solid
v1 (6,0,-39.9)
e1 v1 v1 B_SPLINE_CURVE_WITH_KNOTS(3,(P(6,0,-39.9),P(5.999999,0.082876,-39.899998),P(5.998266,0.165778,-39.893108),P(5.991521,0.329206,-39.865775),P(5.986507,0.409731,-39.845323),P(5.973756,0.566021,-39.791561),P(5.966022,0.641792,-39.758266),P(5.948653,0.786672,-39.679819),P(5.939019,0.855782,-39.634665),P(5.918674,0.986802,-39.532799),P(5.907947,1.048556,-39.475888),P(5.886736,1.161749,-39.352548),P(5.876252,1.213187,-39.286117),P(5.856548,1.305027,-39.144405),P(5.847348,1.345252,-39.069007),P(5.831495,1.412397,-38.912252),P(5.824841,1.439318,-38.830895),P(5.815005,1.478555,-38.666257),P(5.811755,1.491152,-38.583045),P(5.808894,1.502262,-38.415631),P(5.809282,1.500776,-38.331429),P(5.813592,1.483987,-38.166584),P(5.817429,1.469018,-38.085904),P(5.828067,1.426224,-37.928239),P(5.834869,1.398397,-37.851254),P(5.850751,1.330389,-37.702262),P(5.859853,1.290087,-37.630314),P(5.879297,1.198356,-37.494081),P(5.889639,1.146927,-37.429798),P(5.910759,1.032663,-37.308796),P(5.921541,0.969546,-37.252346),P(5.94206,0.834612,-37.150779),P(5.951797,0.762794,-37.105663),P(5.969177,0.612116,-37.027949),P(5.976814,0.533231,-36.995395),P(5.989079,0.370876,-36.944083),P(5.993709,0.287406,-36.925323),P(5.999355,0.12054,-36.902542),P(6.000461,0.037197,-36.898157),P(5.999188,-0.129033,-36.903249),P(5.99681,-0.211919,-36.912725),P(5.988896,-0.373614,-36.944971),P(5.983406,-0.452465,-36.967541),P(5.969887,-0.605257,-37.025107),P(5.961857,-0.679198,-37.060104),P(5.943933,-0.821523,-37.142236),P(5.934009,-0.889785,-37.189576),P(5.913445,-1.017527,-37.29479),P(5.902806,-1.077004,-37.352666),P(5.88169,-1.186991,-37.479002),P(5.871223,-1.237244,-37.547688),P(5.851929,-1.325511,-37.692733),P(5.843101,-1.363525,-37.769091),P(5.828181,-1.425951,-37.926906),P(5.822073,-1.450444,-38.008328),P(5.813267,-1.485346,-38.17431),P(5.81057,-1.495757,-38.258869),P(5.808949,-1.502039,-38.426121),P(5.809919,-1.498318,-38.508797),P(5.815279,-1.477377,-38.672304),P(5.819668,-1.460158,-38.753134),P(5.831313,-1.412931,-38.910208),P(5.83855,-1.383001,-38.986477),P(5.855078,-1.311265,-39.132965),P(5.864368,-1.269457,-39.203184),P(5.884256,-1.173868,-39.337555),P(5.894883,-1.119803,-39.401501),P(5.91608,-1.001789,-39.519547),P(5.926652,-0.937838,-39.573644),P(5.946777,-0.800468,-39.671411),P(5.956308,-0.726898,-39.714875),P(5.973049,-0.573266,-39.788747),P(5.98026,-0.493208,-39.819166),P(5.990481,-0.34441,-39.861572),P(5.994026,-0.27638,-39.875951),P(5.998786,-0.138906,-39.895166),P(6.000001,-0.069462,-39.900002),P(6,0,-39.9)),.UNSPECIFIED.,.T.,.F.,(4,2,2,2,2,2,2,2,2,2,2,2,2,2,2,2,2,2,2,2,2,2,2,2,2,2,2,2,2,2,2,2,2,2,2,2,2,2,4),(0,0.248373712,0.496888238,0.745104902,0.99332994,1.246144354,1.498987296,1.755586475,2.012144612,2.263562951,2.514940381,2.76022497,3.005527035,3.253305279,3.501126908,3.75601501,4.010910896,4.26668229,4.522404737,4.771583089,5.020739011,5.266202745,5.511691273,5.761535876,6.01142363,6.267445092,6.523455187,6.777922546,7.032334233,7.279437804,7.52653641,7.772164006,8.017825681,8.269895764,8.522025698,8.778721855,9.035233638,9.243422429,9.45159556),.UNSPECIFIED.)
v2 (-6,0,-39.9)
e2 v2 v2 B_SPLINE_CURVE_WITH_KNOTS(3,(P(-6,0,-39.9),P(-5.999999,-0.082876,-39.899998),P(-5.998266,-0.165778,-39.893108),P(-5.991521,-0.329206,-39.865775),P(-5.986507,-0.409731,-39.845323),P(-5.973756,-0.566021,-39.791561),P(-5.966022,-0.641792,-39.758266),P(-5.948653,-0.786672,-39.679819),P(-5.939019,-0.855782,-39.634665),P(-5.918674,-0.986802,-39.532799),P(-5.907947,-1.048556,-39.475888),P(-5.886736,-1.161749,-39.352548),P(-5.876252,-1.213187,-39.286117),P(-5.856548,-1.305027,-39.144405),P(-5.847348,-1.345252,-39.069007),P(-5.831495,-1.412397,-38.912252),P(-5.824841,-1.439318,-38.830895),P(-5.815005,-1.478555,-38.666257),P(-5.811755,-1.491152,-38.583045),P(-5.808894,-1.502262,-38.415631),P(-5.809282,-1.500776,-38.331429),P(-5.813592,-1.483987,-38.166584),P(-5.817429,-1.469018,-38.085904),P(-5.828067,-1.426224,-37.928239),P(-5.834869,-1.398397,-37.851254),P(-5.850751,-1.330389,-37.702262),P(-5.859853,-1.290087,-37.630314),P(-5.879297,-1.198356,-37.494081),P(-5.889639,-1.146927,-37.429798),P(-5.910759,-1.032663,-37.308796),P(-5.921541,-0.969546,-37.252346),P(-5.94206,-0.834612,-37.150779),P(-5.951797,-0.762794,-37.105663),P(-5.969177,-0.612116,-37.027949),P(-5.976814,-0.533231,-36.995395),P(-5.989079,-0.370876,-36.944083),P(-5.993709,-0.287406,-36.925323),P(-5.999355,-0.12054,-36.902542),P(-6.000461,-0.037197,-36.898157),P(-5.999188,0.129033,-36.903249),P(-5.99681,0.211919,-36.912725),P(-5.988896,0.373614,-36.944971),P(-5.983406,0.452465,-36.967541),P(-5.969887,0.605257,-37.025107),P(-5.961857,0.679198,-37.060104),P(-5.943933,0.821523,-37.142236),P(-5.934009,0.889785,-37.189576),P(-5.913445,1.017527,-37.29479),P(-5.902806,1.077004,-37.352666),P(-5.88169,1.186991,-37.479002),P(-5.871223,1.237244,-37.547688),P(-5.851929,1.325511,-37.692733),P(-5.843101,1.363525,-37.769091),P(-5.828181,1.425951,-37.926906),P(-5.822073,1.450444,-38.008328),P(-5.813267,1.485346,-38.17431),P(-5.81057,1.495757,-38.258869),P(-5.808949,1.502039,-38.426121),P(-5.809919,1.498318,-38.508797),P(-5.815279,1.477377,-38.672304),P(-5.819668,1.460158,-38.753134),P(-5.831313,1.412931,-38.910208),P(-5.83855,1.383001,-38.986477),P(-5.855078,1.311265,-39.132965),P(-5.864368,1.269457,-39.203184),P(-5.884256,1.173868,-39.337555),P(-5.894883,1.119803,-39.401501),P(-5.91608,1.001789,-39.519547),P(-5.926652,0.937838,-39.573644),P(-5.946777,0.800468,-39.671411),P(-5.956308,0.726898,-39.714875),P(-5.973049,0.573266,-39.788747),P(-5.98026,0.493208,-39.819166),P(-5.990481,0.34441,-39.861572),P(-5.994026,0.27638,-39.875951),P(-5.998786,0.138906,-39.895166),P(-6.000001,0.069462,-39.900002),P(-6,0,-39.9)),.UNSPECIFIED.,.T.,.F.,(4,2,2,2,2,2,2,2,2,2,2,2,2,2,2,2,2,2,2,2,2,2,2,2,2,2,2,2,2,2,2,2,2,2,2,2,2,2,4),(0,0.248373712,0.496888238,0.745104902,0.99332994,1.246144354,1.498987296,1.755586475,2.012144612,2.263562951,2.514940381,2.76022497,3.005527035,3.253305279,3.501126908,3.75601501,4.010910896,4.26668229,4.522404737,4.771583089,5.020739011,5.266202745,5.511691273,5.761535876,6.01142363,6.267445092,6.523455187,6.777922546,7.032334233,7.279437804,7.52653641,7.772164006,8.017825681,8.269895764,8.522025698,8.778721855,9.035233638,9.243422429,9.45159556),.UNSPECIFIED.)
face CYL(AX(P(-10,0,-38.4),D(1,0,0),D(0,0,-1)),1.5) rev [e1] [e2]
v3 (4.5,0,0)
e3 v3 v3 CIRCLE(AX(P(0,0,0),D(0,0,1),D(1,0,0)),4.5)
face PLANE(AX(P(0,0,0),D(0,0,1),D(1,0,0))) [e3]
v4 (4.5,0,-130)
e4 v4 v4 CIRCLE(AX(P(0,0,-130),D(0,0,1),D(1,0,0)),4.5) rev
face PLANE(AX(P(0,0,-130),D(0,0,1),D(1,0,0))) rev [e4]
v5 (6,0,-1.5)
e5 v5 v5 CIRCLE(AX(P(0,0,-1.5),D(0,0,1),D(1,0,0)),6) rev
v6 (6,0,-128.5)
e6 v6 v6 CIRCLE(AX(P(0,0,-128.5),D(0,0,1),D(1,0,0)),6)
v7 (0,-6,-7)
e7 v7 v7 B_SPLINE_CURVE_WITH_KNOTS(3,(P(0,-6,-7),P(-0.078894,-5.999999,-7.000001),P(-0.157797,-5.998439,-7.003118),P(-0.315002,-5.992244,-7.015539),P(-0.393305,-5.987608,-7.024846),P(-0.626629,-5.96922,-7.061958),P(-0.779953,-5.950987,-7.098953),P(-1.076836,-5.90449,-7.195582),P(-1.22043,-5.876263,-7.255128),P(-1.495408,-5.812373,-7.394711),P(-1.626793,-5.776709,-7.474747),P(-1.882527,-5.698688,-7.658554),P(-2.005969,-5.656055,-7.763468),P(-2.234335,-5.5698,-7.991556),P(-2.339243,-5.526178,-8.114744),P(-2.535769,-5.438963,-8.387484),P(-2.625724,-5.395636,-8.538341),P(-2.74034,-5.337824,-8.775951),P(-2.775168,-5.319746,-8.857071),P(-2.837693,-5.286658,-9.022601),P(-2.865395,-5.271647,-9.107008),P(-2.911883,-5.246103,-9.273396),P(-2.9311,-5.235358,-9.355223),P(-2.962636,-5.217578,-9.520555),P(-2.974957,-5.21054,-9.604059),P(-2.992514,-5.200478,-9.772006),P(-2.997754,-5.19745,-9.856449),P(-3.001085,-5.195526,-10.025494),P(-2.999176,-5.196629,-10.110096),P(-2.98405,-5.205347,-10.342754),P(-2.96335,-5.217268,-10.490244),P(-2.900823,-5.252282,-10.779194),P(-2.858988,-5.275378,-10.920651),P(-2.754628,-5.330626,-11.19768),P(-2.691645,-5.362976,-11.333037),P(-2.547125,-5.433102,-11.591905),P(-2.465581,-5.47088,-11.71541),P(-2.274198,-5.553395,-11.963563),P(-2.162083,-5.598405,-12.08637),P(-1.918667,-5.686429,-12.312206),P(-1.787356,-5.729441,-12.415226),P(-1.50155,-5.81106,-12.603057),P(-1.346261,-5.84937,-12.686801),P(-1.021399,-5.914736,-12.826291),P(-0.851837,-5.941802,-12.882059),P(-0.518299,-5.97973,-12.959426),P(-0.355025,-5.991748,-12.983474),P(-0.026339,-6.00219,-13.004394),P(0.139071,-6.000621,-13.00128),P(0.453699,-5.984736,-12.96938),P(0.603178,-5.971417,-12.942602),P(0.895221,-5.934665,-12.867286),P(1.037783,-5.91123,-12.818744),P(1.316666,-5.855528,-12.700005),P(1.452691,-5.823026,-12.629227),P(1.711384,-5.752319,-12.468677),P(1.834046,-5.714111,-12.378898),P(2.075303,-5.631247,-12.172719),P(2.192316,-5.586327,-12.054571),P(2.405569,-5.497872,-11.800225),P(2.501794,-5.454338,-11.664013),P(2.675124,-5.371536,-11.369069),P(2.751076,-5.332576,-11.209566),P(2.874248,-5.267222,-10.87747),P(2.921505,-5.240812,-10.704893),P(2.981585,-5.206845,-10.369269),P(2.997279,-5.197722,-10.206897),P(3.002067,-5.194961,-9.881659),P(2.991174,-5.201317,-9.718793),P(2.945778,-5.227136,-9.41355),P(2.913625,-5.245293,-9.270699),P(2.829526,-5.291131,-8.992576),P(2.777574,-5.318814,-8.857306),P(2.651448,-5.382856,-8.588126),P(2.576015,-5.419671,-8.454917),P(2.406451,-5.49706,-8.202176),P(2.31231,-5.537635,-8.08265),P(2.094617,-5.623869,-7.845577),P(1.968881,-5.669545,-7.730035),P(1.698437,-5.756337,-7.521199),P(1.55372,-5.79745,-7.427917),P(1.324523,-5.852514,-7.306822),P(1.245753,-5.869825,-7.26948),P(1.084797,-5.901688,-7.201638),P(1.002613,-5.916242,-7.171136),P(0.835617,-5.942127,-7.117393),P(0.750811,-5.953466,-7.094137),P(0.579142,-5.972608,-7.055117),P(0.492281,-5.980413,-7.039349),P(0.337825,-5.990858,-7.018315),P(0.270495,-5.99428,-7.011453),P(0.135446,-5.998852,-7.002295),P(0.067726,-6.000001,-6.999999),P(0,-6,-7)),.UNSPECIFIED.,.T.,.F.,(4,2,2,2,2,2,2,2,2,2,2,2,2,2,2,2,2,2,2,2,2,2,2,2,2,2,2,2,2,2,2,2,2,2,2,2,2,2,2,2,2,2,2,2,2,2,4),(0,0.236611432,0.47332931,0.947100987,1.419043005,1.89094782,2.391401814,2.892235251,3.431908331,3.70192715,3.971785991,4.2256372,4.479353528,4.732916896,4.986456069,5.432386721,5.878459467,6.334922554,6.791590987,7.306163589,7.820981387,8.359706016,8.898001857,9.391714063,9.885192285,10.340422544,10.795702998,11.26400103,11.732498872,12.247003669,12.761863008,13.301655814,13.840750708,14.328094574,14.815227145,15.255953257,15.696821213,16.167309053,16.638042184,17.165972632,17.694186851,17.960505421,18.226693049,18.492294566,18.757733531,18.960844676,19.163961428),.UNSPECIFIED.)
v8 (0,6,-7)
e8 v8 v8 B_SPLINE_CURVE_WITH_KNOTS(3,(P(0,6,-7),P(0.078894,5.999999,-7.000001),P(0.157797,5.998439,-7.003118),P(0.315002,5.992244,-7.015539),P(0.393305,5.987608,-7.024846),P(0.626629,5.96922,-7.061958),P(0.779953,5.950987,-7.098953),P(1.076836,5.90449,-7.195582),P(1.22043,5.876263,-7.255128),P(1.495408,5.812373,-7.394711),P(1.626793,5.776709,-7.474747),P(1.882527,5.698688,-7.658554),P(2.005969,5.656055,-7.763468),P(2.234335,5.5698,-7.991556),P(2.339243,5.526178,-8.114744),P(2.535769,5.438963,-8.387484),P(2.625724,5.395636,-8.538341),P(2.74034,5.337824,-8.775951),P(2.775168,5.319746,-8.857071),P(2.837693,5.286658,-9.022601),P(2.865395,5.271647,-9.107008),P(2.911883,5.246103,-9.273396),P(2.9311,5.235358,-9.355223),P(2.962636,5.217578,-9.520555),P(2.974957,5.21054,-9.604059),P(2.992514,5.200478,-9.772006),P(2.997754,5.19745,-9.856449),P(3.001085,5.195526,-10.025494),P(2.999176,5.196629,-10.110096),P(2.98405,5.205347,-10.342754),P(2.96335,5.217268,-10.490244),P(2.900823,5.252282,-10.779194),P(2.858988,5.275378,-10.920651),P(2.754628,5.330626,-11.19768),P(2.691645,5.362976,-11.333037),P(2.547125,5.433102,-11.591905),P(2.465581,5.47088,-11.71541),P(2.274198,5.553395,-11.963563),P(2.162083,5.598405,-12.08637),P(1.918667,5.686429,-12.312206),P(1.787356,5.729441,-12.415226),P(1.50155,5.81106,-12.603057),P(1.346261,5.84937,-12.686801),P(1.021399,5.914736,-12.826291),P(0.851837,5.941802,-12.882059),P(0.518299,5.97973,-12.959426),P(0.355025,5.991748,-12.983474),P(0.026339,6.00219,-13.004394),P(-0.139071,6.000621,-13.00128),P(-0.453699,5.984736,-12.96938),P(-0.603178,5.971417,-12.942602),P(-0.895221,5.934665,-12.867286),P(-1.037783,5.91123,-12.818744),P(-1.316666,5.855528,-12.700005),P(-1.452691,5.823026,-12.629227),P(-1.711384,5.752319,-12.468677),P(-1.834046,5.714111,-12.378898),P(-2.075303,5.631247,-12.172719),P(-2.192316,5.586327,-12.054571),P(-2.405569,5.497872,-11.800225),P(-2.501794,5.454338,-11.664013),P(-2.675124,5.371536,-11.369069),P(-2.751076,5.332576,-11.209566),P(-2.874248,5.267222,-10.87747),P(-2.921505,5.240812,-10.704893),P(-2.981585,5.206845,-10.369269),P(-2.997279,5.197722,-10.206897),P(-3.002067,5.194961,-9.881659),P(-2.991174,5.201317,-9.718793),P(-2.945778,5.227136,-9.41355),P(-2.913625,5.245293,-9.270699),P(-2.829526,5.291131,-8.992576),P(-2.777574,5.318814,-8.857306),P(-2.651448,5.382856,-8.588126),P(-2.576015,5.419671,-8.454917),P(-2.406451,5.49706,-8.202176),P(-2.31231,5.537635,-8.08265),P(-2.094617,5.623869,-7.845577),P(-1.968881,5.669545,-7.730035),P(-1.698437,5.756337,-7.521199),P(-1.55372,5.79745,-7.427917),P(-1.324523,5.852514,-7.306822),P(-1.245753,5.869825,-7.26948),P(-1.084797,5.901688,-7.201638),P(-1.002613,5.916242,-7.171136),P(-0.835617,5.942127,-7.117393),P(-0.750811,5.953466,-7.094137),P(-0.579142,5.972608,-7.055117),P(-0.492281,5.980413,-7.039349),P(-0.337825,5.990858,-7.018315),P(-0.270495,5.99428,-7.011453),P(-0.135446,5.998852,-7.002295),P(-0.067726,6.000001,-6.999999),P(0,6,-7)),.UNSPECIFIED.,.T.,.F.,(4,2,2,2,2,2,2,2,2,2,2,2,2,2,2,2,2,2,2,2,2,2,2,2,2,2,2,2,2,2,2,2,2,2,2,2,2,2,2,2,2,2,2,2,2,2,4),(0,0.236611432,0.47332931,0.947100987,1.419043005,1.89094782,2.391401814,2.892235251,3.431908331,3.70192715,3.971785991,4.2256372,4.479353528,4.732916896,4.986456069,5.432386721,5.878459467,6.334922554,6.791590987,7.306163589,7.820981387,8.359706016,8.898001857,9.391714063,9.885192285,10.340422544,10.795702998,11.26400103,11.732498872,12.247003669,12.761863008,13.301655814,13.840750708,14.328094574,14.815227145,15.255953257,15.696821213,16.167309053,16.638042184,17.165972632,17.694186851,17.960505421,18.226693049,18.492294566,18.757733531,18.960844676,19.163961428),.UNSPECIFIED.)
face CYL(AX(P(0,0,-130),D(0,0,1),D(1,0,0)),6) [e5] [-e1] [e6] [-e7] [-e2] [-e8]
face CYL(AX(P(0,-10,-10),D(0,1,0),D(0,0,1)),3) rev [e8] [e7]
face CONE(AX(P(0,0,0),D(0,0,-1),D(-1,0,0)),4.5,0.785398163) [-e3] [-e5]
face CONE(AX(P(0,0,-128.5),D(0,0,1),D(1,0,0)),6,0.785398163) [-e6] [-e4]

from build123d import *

# Parameters (mm, degrees)
ESQUISSE1_R             = 6
BASE_EXTRUSION_DEPTH    = 130
CHANFREIN1_SIZE         = 1.5
ESQUISSE4_R             = 3
ENL_V_MAT_EXTRU_1_DEPTH = 10
ESQUISSE6_R             = 1.5
ENL_V_MAT_EXTRU_2_DEPTH = 10


with BuildPart() as part:
    # Esquisse1 → Base-Extrusion (new body)
    with BuildSketch(Plane.XY):
        Circle(ESQUISSE1_R)
    extrude(amount=-BASE_EXTRUSION_DEPTH)

    # Chanfrein1
    chanfrein1_edges = [part.edges().sort_by_distance(p)[0] for p in [
        (-6, 0, 0),
        (-6, 0, -130),
    ]]
    chamfer(chanfrein1_edges, length=CHANFREIN1_SIZE)

    # Esquisse4 → Enlèv. mat.-Extru.1 (cut, symmetric)
    with BuildSketch(Plane(origin=(0, 0, 0), x_dir=(1, 0, 0), z_dir=(0, 1, 0))):
        with Locations(Location((0, 10, 0), (0, 0, 270))):
            Circle(ESQUISSE4_R)
    extrude(amount=ENL_V_MAT_EXTRU_1_DEPTH, both=True, mode=Mode.SUBTRACT)

    # Esquisse6 → Enlèv. mat.-Extru.2 (cut, symmetric)
    with BuildSketch(Plane(origin=(0, 0, 0), x_dir=(0, 0, -1), z_dir=(1, 0, 0))):
        with Locations((38.4, 0)):
            Circle(ESQUISSE6_R)
    extrude(amount=ENL_V_MAT_EXTRU_2_DEPTH, both=True, mode=Mode.SUBTRACT)


solid = part.part
